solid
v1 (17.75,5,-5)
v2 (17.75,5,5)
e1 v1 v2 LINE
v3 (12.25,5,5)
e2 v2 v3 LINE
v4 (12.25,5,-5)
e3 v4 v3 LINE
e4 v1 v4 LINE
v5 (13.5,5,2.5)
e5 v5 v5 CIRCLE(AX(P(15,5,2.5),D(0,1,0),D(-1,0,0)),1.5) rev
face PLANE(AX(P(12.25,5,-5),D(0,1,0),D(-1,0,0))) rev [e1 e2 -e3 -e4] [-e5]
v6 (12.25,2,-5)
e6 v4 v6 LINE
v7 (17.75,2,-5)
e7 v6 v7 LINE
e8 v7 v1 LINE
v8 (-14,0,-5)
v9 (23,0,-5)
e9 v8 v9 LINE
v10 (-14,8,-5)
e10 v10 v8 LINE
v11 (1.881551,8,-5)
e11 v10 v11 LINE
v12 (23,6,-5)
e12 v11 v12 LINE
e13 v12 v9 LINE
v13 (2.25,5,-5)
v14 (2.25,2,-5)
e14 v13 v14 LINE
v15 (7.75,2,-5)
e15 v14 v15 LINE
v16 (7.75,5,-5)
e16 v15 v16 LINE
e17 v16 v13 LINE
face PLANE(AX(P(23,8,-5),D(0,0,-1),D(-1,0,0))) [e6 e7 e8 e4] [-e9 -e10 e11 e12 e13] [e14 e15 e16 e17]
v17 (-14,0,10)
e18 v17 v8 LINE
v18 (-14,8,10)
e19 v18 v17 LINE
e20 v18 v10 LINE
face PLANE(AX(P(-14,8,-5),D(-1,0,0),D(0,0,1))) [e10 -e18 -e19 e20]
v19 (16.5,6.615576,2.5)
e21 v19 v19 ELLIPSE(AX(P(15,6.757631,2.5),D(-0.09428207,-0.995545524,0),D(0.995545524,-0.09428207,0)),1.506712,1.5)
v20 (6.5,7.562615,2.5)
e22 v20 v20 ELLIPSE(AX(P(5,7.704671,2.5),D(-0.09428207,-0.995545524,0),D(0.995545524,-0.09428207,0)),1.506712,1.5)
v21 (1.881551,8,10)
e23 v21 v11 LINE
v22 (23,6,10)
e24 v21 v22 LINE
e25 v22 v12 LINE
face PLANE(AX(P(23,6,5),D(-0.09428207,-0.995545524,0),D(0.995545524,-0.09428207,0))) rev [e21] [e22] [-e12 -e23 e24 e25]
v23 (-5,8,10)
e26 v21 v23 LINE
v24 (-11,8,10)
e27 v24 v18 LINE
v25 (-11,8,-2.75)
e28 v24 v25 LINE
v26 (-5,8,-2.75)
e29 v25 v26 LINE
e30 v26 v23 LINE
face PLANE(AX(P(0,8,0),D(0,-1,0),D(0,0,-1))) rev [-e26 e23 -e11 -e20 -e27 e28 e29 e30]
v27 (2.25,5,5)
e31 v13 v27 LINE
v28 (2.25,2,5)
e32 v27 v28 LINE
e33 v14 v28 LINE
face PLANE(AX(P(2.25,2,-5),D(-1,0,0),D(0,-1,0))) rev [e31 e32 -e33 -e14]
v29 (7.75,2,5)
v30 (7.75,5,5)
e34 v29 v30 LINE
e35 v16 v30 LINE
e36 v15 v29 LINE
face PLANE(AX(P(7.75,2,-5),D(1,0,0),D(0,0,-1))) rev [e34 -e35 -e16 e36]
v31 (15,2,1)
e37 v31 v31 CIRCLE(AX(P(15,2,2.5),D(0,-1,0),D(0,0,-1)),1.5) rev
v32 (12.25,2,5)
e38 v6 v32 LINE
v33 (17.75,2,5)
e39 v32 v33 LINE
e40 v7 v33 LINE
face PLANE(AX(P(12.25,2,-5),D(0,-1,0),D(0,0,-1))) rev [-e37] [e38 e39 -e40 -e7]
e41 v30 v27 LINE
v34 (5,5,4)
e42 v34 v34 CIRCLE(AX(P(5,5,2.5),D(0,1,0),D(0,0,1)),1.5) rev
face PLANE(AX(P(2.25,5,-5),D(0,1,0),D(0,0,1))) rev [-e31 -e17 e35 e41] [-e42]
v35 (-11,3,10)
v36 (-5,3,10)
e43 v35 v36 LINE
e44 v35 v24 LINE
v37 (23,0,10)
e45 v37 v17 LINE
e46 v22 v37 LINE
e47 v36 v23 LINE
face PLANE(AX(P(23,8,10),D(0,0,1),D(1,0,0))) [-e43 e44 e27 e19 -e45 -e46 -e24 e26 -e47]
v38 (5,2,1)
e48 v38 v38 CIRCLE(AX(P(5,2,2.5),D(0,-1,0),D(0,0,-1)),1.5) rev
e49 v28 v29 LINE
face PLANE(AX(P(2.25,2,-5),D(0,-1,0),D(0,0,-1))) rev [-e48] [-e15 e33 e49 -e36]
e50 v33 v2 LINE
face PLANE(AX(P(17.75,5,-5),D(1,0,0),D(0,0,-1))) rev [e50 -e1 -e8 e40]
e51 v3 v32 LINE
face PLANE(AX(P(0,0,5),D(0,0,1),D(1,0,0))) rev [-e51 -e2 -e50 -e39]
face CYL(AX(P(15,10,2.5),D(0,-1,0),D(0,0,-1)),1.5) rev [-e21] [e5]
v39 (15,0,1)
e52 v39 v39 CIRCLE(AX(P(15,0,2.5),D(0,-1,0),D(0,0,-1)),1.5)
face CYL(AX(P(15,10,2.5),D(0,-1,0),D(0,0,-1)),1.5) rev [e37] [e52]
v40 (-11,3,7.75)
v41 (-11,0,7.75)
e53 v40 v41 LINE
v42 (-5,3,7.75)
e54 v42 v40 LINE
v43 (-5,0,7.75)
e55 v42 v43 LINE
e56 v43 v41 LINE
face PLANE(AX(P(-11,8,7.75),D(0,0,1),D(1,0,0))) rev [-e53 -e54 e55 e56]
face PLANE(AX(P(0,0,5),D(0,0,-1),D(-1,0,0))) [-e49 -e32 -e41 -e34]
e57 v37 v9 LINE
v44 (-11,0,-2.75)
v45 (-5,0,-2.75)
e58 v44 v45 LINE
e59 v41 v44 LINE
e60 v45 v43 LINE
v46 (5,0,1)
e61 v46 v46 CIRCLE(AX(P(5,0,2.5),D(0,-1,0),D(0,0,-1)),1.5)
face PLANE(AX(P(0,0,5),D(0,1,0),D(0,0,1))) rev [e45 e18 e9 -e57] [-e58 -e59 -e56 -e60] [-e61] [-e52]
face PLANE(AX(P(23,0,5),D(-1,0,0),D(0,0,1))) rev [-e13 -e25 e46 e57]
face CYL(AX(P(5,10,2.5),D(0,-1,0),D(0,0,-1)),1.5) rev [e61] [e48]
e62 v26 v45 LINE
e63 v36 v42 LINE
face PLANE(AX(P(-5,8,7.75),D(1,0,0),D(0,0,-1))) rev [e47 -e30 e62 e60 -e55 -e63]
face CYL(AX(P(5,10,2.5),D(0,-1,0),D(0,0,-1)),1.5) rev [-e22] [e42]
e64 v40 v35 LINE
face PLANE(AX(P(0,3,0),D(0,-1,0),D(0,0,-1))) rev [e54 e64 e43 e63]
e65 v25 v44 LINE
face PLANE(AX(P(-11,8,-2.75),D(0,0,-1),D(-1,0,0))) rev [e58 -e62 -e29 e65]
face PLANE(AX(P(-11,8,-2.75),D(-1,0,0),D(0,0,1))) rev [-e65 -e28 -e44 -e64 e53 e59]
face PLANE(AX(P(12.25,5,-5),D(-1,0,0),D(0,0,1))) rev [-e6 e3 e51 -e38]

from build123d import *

# Parameters (mm, degrees)
BOSS_EXTRUDE1_DEPTH     = 5
SKETCH2_R               = 1.5
CUT_EXTRUDE1_DEPTH      = 10
SKETCH4_W               = 6
SKETCH4_H               = 10.5
BOSS_EXTRUDE2_DEPTH     = 8
SKETCH3_W               = 5.5
SKETCH3_H               = 3
CUT_EXTRUDE2_DEPTH      = 27.379590534
CUT_EXTRUDE4_DEPTH      = 27.379590534
CUT_EXTRUDE4_DEPTH_BACK = 27.379590534
SKETCH9_W               = 6
SKETCH9_H               = 2.25
CUT_EXTRUDE5_DEPTH      = 5


with BuildPart() as part:
    # Sketch1 → Boss-Extrude1 (new body)
    with BuildSketch(Plane.XY):
        Polygon((0, 8.178190311), (0, 0), (23, 0), (23, 6), align=None)
    extrude(amount=BOSS_EXTRUDE1_DEPTH)

    # Sketch2 → Cut-Extrude1 (cut)
    with BuildSketch(Plane(origin=(0, 0, 0), x_dir=(-1, 0, 0), z_dir=(0, -1, 0))):
        with Locations(Location((-15, -2.5, 0), (0, 0, 90))):
            Circle(SKETCH2_R)
        with Locations(Location((-5, -2.5, 0), (0, 0, 90))):
            Circle(SKETCH2_R)
    extrude(amount=-CUT_EXTRUDE1_DEPTH, mode=Mode.SUBTRACT)

    # Sketch4 → Boss-Extrude2 (add)
    with BuildSketch(Plane(origin=(0, 0, 0), x_dir=(-1, 0, 0), z_dir=(0, -1, 0))):
        Polygon((0, -5), (-23, -5), (-23, -10), (14, -10), (14, 5), (-23, 5), (-23, 0), (0, 0), align=None)
        with Locations((8, -2.5)):
            Rectangle(SKETCH4_W, SKETCH4_H, mode=Mode.SUBTRACT)
    extrude(amount=-BOSS_EXTRUDE2_DEPTH)

    # Sketch3 → Cut-Extrude2 (cut, through all)
    with BuildSketch(Plane.XY.offset(5)):
        with Locations((5, 3.5)):
            Rectangle(SKETCH3_W, SKETCH3_H)
        with Locations((15, 3.5)):
            Rectangle(SKETCH3_W, SKETCH3_H)
    extrude(amount=-CUT_EXTRUDE2_DEPTH, mode=Mode.SUBTRACT)

    # Sketch5 → Cut-Extrude4 (cut, two sides: drawn at the far end of the back side and taken through both)
    with BuildSketch(Plane.XY.offset(5).offset(-CUT_EXTRUDE4_DEPTH_BACK)):
        Polygon((23, 8), (1.881551454, 8), (23, 6), align=None)
        Polygon((1.881551454, 8), (0, 8.178190311), (0, 8), align=None)
    extrude(amount=CUT_EXTRUDE4_DEPTH + CUT_EXTRUDE4_DEPTH_BACK, mode=Mode.SUBTRACT)

    # Sketch9 → Cut-Extrude5 (cut)
    with BuildSketch(Plane(origin=(0, 8, 0), x_dir=(1, 0, 0), z_dir=(0, 1, 0))):
        with Locations((-8, -8.875)):
            Rectangle(SKETCH9_W, SKETCH9_H)
    extrude(amount=-CUT_EXTRUDE5_DEPTH, mode=Mode.SUBTRACT)


solid = part.part
